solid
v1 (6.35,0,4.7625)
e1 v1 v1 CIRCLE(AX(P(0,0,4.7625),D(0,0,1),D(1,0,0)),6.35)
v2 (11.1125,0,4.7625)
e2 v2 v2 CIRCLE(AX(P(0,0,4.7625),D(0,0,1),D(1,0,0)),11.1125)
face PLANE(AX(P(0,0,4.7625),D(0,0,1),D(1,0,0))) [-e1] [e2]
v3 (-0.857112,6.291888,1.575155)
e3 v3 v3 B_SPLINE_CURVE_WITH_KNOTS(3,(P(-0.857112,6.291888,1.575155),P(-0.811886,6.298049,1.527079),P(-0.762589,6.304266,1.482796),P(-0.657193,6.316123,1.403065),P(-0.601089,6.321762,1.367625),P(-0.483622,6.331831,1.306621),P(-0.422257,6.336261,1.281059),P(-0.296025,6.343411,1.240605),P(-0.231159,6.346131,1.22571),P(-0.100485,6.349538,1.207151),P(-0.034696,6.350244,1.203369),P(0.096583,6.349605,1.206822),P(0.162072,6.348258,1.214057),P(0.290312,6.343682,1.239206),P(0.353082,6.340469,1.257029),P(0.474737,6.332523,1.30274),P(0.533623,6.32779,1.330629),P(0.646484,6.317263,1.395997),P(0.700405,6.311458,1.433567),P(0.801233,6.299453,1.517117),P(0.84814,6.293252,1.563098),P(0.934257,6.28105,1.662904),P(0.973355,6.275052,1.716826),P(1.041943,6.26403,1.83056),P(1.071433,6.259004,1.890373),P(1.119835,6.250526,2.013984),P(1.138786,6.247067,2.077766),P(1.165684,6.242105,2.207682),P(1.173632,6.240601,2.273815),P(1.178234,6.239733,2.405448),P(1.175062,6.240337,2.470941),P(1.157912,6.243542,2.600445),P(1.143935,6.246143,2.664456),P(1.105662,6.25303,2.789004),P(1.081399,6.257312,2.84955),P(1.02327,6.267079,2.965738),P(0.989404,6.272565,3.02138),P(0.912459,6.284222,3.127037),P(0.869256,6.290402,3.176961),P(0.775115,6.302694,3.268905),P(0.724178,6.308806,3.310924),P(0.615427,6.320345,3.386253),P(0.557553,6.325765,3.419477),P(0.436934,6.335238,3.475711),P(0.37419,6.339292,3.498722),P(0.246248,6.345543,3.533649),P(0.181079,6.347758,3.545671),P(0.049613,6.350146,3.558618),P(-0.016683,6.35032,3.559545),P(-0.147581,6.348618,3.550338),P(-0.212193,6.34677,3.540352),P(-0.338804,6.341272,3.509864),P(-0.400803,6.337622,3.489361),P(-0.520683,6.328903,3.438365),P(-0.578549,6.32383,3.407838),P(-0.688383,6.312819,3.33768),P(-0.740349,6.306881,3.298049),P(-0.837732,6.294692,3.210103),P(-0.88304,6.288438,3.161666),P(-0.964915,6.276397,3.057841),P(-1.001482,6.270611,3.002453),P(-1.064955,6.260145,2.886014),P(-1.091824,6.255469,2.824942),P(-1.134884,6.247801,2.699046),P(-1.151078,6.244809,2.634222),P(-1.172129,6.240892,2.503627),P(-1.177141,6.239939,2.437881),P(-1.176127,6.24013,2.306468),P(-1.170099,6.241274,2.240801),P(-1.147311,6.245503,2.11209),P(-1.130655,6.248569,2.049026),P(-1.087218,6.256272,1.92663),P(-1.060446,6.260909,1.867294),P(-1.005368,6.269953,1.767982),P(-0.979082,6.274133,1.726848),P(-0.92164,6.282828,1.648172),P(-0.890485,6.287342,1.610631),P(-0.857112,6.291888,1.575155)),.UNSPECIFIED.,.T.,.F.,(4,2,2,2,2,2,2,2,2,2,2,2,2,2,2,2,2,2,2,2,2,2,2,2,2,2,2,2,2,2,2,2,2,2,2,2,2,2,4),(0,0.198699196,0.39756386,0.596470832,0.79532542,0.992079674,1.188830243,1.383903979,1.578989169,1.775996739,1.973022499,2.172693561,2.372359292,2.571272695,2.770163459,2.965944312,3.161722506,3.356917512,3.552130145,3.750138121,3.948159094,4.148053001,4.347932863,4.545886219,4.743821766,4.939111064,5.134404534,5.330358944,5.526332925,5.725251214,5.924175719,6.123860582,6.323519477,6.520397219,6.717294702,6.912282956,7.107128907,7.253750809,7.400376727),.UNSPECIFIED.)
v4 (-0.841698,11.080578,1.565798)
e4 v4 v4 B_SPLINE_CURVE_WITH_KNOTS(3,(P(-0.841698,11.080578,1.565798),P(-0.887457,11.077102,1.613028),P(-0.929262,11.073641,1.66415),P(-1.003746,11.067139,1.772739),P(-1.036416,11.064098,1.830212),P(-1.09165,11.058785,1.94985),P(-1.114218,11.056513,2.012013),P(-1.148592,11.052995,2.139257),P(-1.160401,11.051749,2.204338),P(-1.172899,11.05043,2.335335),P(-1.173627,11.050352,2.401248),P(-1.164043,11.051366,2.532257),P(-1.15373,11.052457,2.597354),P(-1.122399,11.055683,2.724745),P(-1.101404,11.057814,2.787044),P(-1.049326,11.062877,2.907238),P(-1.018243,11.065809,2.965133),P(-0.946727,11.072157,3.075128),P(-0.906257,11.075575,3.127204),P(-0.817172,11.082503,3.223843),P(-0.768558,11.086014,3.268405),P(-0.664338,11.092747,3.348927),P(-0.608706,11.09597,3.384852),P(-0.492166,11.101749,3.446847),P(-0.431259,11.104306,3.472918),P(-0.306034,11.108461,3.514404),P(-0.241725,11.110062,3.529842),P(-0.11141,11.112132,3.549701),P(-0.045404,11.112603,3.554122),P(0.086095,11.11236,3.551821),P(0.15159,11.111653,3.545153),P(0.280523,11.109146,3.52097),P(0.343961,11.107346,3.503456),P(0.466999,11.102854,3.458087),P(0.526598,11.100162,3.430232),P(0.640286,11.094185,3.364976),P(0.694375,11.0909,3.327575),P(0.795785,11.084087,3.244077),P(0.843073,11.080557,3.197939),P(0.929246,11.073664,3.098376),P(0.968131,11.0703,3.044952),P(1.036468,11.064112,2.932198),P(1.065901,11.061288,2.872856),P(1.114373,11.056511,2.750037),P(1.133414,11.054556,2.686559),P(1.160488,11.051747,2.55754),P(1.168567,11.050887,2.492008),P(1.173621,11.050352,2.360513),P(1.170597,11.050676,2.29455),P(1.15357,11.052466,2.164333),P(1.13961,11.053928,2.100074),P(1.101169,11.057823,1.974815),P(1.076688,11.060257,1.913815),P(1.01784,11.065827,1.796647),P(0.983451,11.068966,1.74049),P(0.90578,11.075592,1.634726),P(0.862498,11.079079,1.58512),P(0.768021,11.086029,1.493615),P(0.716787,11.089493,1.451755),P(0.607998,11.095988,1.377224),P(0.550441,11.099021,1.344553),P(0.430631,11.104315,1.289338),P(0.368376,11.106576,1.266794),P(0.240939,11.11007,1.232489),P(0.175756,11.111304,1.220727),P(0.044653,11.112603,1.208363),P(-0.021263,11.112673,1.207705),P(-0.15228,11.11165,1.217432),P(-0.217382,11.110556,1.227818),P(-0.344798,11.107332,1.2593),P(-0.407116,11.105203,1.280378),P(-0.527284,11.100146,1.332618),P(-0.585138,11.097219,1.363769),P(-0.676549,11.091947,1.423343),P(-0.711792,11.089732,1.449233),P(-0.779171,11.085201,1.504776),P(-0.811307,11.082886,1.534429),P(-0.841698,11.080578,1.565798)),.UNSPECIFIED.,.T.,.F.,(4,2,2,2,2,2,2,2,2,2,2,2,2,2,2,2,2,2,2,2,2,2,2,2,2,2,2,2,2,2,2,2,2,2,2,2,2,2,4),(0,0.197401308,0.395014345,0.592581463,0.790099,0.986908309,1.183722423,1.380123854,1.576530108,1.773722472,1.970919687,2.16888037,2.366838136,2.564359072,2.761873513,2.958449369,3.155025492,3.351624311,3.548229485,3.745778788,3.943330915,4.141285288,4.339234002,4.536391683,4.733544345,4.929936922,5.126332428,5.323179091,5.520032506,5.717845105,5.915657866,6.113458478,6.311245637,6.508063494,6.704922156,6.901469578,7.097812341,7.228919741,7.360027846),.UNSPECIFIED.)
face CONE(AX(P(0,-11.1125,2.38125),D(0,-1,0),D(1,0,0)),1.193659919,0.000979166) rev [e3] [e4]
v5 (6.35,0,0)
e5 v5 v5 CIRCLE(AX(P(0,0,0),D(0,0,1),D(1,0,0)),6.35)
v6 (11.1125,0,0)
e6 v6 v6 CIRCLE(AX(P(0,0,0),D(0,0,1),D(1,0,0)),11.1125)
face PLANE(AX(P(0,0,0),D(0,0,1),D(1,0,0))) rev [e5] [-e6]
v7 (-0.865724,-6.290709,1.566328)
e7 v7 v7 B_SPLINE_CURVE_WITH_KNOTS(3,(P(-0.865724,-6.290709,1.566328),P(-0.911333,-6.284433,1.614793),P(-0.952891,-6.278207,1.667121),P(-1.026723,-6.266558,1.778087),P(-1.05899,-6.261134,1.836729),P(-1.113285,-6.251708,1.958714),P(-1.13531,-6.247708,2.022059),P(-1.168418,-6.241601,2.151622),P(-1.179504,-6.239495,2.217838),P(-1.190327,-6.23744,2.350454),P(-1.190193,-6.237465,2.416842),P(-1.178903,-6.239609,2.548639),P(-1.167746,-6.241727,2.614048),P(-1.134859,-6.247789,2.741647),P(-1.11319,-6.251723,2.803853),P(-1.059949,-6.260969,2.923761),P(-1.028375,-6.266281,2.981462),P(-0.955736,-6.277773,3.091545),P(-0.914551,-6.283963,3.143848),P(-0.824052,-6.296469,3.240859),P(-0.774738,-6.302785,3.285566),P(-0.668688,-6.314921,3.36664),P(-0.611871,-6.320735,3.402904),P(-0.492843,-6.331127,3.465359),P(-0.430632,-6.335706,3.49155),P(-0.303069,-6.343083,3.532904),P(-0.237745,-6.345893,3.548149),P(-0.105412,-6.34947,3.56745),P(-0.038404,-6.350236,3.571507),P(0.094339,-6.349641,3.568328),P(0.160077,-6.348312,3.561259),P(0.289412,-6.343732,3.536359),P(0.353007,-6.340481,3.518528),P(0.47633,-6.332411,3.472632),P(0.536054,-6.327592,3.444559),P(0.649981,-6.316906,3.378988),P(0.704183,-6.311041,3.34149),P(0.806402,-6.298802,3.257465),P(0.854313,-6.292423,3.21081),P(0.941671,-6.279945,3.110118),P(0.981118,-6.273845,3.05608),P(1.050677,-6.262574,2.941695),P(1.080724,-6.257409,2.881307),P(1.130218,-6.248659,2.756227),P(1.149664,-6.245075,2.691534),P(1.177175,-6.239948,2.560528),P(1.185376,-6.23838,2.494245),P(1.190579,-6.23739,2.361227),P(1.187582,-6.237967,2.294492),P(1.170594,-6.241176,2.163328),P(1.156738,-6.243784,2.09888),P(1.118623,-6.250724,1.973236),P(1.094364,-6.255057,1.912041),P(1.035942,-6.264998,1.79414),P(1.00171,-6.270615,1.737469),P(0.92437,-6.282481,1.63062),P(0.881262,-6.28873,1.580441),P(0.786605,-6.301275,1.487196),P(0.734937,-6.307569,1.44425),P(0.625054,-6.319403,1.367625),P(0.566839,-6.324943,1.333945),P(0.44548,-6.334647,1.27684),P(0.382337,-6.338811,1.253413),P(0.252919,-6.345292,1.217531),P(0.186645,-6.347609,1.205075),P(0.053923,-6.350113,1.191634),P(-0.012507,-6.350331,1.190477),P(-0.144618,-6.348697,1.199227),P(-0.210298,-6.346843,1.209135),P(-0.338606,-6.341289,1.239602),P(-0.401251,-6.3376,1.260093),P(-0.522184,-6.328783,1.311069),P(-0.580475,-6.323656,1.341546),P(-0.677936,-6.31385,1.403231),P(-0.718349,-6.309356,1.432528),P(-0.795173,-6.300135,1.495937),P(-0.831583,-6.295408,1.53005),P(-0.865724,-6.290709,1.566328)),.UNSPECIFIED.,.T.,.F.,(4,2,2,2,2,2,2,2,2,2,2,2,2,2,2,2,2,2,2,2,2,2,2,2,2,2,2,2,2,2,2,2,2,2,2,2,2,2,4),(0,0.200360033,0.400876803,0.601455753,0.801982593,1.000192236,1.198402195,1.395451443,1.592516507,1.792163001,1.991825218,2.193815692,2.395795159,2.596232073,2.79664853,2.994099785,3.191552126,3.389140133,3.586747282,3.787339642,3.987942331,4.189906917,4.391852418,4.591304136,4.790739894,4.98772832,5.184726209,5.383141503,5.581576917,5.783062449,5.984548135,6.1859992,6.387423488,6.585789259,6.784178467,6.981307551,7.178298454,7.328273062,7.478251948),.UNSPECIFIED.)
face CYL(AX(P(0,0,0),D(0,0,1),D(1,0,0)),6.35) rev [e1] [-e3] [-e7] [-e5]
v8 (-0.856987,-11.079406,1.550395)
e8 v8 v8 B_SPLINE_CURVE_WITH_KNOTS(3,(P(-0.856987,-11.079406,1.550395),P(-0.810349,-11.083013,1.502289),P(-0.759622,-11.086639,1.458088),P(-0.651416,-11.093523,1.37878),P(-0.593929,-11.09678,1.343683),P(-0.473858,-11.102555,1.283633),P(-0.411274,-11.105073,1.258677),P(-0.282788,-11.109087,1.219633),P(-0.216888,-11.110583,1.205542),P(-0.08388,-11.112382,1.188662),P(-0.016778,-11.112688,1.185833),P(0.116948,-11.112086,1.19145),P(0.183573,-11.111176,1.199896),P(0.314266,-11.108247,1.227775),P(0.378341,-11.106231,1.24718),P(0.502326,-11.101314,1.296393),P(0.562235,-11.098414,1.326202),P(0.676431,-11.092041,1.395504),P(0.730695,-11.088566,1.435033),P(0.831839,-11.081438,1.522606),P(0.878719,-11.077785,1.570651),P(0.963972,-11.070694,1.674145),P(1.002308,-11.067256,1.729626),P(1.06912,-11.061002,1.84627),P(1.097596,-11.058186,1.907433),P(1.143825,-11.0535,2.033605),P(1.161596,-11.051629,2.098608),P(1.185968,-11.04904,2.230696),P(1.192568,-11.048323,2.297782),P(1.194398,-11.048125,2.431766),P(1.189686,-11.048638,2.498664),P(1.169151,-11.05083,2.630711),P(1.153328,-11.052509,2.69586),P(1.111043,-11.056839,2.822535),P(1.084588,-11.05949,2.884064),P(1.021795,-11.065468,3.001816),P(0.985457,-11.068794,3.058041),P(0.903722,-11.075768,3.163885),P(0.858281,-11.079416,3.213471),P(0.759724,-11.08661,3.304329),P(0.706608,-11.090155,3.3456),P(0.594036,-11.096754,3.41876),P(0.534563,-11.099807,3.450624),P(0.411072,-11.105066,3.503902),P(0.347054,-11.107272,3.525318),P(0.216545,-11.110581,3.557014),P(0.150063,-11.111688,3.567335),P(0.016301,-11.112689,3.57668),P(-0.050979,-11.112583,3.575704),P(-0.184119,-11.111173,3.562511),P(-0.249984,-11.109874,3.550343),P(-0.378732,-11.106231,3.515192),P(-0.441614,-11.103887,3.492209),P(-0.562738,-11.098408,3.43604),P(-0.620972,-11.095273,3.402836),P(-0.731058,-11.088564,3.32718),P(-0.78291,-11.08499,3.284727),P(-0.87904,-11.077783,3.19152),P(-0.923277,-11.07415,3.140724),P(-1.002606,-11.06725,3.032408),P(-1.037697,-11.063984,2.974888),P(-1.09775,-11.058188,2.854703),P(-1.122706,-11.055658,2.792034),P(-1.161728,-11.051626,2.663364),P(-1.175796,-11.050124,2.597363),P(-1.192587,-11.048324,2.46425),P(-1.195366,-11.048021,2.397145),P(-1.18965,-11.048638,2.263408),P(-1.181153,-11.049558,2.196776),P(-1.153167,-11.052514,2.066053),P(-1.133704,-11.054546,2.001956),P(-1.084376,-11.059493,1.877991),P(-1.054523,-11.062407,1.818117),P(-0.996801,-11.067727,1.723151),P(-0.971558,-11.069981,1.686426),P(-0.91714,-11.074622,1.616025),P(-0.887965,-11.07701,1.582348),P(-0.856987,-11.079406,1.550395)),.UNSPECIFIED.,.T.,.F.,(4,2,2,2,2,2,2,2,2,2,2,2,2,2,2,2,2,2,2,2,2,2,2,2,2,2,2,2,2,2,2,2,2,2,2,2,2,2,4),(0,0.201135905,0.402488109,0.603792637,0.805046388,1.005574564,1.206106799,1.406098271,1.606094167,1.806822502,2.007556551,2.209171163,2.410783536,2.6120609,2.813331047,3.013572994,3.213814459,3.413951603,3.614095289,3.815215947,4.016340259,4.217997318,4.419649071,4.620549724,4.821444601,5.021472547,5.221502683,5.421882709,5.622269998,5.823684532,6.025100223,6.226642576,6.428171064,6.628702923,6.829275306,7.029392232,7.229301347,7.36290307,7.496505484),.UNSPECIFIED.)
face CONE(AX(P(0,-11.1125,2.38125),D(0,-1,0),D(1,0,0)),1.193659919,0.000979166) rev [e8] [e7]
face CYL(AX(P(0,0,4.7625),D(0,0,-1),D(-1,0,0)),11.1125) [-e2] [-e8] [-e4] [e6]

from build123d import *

# Parameters (mm, degrees)
SKETCH1_R           = 11.1125
BOSS_EXTRUDE1_DEPTH = 4.7625
SKETCH2_R           = 6.35
CUT_EXTRUDE1_DEPTH  = 17.421227687


with BuildPart() as part:
    # Sketch1 → Boss-Extrude1 (new body)
    with BuildSketch(Plane.XY):
        with Locations(Location((0, 0, 0), (0, 0, 180))):
            Circle(SKETCH1_R)
    extrude(amount=BOSS_EXTRUDE1_DEPTH)

    # Sketch2 → Cut-Extrude1 (cut, through all)
    with BuildSketch(Plane.XY.offset(4.7625)):
        Circle(SKETCH2_R)
    extrude(amount=-CUT_EXTRUDE1_DEPTH, mode=Mode.SUBTRACT)

    # Sketch3 → Cut-Revolve1 (revolve, cut)
    with BuildSketch(Plane.XY.offset(2.38125), mode=Mode.PRIVATE) as cut_revolve1_sk:
        Polygon((1.193659919, -11.1125), (1.171897939, 11.1125), (0, 11.1125), (0, -11.1125), align=None)
    revolve(cut_revolve1_sk.sketch.rotate(Axis((0, 11.1125, 2.38125), (0, -1, 0)), 224.092612296), axis=Axis((0, 11.1125, 2.38125), (0, -1, 0)), mode=Mode.SUBTRACT)


solid = part.part
